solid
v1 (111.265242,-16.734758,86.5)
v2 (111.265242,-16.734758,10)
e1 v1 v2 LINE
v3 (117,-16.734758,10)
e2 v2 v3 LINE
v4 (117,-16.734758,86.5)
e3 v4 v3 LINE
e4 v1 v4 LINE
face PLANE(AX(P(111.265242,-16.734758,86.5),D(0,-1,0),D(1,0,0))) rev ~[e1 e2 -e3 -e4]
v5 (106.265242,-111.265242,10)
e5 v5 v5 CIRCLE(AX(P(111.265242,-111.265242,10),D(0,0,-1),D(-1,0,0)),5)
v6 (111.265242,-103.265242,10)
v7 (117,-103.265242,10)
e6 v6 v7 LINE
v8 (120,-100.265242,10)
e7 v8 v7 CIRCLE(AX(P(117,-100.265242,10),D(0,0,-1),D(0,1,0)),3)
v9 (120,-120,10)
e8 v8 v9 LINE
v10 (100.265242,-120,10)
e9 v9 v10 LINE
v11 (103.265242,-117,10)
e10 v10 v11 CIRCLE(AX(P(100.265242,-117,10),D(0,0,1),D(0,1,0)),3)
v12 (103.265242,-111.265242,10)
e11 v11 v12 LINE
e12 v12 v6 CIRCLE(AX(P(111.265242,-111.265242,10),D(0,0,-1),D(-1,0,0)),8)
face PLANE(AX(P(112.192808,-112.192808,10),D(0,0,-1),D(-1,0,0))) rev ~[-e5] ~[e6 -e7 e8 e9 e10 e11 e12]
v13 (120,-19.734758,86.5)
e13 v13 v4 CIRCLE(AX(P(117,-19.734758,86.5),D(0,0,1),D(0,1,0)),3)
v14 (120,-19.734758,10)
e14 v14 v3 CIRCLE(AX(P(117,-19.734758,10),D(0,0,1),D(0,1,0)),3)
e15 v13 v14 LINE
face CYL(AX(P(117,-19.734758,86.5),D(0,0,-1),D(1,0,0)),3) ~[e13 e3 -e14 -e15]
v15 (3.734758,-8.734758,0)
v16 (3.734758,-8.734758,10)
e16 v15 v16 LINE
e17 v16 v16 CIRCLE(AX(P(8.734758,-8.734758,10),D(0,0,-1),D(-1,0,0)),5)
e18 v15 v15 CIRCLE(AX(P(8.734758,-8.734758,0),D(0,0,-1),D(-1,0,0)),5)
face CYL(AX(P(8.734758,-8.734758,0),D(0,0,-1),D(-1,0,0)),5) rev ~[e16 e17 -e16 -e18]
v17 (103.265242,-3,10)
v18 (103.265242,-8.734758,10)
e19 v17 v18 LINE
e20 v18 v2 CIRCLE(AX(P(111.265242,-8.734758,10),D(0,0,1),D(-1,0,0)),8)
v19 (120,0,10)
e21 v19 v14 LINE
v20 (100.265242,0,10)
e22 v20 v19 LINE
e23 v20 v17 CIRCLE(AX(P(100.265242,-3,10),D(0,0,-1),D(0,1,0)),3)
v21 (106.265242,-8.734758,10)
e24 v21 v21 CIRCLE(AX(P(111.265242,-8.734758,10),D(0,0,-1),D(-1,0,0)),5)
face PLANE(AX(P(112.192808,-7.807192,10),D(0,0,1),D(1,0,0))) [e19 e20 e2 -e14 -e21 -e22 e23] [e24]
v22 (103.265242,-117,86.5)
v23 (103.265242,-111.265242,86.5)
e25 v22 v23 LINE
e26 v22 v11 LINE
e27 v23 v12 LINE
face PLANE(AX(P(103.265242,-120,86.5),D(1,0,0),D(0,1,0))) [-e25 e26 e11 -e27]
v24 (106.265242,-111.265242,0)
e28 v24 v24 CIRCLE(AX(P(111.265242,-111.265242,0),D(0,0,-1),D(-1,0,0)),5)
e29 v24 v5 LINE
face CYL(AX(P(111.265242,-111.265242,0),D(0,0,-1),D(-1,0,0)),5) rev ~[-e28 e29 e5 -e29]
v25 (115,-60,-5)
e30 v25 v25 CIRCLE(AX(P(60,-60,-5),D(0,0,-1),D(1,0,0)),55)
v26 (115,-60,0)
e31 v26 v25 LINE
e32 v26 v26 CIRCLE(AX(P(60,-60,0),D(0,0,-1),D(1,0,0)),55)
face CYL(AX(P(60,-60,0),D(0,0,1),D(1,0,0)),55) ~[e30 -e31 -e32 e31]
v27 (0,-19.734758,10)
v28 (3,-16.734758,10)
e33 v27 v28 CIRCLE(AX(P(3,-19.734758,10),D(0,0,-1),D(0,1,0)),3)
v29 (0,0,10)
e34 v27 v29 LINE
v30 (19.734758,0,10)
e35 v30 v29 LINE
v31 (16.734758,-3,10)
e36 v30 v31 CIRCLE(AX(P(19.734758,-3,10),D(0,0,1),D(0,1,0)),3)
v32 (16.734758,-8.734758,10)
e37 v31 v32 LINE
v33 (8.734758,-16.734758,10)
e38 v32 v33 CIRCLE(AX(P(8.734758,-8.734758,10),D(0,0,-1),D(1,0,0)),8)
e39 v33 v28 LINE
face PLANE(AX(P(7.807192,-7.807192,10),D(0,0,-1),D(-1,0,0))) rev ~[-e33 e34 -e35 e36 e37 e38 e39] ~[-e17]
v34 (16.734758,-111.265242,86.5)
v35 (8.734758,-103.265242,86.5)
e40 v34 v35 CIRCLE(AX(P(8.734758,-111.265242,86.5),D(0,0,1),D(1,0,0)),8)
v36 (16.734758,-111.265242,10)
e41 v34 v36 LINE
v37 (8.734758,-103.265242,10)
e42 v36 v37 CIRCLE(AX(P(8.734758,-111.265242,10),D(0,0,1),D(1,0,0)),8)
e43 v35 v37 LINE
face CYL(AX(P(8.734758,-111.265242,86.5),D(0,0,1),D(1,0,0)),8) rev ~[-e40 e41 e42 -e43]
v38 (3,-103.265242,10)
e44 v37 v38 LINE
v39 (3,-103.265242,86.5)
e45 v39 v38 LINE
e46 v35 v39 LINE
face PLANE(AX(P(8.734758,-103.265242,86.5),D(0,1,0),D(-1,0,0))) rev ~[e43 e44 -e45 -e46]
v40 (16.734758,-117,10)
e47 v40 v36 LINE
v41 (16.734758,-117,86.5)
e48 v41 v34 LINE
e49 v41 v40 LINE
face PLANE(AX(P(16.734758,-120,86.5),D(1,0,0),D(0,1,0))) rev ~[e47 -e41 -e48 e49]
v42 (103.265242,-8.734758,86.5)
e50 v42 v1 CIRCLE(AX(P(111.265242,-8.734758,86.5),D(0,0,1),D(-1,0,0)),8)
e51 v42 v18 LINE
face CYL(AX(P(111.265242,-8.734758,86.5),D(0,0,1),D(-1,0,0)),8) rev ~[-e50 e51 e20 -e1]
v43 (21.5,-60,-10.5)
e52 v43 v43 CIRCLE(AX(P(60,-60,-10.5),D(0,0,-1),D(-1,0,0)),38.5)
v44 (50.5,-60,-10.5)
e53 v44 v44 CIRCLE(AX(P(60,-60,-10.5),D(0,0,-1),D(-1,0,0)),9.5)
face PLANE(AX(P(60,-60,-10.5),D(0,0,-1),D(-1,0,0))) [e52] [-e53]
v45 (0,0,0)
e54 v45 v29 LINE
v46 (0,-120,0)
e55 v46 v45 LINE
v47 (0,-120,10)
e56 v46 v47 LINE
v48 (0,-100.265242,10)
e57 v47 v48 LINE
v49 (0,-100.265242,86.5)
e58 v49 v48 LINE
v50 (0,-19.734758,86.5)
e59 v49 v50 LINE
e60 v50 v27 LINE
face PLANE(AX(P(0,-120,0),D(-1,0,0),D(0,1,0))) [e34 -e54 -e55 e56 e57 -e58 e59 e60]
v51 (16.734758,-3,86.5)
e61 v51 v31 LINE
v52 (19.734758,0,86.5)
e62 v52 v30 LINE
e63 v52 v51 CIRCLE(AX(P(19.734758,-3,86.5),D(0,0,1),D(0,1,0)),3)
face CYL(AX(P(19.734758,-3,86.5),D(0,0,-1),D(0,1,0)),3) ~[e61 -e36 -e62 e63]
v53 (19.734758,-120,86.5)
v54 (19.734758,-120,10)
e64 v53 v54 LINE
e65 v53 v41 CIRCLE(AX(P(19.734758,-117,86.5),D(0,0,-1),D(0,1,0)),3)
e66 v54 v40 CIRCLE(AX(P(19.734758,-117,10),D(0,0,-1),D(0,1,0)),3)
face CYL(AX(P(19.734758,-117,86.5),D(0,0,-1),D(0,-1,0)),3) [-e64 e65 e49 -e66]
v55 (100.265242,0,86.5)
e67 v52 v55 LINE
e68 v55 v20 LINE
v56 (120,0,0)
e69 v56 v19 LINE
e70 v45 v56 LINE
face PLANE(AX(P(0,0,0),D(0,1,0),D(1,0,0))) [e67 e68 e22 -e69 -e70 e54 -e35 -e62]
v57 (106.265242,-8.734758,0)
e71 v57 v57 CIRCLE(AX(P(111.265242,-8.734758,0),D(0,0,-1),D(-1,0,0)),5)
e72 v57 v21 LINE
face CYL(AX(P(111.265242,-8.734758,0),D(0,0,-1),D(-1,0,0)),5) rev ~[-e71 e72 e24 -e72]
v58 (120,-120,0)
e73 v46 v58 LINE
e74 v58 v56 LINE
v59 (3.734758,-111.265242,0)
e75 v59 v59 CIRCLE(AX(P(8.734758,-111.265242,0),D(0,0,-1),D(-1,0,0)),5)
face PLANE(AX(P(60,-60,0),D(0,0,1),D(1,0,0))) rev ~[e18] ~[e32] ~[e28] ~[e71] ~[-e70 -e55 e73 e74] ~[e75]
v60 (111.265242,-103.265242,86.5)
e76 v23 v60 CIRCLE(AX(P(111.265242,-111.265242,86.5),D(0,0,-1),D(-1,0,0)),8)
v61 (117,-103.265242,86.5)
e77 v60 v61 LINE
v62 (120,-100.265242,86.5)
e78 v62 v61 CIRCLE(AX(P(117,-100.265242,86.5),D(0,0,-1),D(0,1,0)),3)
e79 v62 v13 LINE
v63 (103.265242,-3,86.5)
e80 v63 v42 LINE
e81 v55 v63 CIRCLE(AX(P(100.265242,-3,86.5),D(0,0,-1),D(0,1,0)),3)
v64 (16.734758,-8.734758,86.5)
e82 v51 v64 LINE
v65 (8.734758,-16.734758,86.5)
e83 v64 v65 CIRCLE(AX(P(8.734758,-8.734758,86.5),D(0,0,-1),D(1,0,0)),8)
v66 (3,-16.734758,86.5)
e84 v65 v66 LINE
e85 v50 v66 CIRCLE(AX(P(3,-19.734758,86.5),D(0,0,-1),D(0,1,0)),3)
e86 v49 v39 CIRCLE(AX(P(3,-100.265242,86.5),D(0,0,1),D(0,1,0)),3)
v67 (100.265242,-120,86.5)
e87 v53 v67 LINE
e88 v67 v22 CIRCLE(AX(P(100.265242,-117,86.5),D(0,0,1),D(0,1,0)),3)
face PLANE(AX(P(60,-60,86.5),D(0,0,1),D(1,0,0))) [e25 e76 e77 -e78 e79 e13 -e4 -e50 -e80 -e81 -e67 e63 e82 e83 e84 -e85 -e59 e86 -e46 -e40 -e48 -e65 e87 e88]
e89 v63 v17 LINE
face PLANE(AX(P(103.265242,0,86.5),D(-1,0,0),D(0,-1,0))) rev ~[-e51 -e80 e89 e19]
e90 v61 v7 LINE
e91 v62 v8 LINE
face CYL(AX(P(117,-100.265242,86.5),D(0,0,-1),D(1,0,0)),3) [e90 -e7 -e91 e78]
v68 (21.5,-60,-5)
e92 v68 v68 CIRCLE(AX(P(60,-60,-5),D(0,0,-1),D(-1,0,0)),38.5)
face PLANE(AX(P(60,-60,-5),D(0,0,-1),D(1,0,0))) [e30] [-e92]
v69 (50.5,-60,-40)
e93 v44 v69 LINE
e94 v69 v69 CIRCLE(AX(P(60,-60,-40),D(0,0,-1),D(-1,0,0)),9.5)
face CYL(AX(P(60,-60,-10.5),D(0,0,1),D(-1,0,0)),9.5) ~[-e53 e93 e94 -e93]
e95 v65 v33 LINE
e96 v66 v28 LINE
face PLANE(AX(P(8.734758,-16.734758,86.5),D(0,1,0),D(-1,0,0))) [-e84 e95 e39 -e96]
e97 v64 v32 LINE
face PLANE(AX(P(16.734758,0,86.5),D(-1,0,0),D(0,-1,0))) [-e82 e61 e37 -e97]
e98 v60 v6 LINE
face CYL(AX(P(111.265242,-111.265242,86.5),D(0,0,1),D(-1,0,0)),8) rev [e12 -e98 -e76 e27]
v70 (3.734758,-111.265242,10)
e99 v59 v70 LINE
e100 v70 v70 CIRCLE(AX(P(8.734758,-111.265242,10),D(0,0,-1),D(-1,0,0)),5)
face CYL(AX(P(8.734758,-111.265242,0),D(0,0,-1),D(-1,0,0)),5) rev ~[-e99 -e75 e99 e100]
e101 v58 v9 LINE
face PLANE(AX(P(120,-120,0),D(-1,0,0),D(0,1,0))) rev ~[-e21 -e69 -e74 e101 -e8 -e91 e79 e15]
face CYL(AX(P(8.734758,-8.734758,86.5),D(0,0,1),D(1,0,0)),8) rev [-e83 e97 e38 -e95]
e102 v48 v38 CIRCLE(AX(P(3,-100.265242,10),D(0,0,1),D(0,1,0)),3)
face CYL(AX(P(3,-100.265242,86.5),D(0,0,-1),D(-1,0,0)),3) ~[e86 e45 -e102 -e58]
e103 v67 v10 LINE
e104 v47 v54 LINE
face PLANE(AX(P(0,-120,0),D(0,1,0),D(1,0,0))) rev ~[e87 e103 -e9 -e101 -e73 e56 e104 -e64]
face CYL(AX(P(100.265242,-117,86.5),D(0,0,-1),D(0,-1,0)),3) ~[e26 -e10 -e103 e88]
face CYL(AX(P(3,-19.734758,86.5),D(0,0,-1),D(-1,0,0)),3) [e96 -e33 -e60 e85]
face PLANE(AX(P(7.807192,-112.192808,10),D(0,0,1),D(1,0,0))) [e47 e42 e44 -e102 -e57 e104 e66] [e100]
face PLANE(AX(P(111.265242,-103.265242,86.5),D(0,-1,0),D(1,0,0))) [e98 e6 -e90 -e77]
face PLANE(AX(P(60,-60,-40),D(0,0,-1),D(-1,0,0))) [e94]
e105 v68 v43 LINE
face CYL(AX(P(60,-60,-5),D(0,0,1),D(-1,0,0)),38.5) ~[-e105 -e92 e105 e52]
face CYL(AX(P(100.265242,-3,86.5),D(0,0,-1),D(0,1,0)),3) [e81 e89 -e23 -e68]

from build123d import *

# Parameters (mm, degrees)
SKETCH_1_W          = 120
SKETCH_1_H          = 120
EXTRUDE_1_DEPTH     = 86.5
SKETCH_2_R          = 55
EXTRUDE_2_DEPTH     = 5
SKETCH_3_R          = 38.5
EXTRUDE_3_DEPTH     = 5.5
SKETCH_4_R          = 9.5
EXTRUDE_4_DEPTH     = 29.5
SKETCH_5_R          = 5
CUT_EXTRUDE_1_DEPTH = 191.479001467
CUT_EXTRUDE_2_DEPTH = 76.5
FILLET_1_R          = 3


with BuildPart() as part:
    # 草图1 → 拉伸1 (new body)
    with BuildSketch(Plane.XY):
        with Locations((60, -60)):
            Rectangle(SKETCH_1_W, SKETCH_1_H)
    extrude(amount=EXTRUDE_1_DEPTH)

    # 草图2 → 拉伸2 (add)
    with BuildSketch(Plane(origin=(0, 0, 0), x_dir=(-1, 0, 0), z_dir=(0, 0, -1))):
        with Locations(Location((-60, -60, 0), (0, 0, 180))):
            Circle(SKETCH_2_R)
    extrude(amount=EXTRUDE_2_DEPTH)

    # 草图3 → 拉伸3 (add)
    with BuildSketch(Plane(origin=(0, 0, -5), x_dir=(-1, 0, 0), z_dir=(0, 0, -1))):
        with Locations((-60, -60)):
            Circle(SKETCH_3_R)
    extrude(amount=EXTRUDE_3_DEPTH)

    # 草图4 → 拉伸4 (add)
    with BuildSketch(Plane(origin=(0, 0, -10.5), x_dir=(-1, 0, 0), z_dir=(0, 0, -1))):
        with Locations((-60, -60)):
            Circle(SKETCH_4_R)
    extrude(amount=EXTRUDE_4_DEPTH)

    # 草图5 → 切除-拉伸1 (cut, through all)
    with BuildSketch(Plane(origin=(0, 0, 0), x_dir=(-1, 0, 0), z_dir=(0, 0, -1))):
        with Locations((-8.734758364, -111.265241636)):
            Circle(SKETCH_5_R)
        with Locations((-8.734758364, -8.734758364)):
            Circle(SKETCH_5_R)
        with Locations((-111.265241636, -111.265241636)):
            Circle(SKETCH_5_R)
        with Locations((-111.265241636, -8.734758364)):
            Circle(SKETCH_5_R)
    extrude(amount=-CUT_EXTRUDE_1_DEPTH, mode=Mode.SUBTRACT)

    # 草图6 → 切除-拉伸2 (cut)
    with BuildSketch(Plane.XY.offset(86.5)):
        with BuildLine():
            Line((8.734758364, -16.734758364), (0, -16.734758364))
            Line((0, -16.734758364), (0, 0))
            Line((0, 0), (16.734758364, 0))
            Line((16.734758364, 0), (16.734758364, -8.734758364))
            ThreePointArc((16.734758364, -8.734758364), (14.391612613, -14.391612613), (8.734758364, -16.734758364))
        make_face()
        with BuildLine():
            Line((111.265241636, -103.265241636), (120, -103.265241636))
            Line((120, -103.265241636), (120, -120))
            Line((120, -120), (103.265241636, -120))
            Line((103.265241636, -120), (103.265241636, -111.265241636))
            ThreePointArc((103.265241636, -111.265241636), (105.608387387, -105.608387387), (111.265241636, -103.265241636))
        make_face()
        with BuildLine():
            Line((120, 0), (103.265241636, 0))
            Line((103.265241636, 0), (103.265241636, -8.734758364))
            ThreePointArc((103.265241636, -8.734758364), (105.608387387, -14.391612613), (111.265241636, -16.734758364))
            Line((111.265241636, -16.734758364), (120, -16.734758364))
            Line((120, -16.734758364), (120, 0))
        make_face()
        with BuildLine():
            Line((0, -120), (16.734758364, -120))
            Line((16.734758364, -120), (16.734758364, -111.265241636))
            ThreePointArc((16.734758364, -111.265241636), (14.391612613, -105.608387387), (8.734758364, -103.265241636))
            Line((8.734758364, -103.265241636), (0, -103.265241636))
            Line((0, -103.265241636), (0, -120))
        make_face()
    extrude(amount=-CUT_EXTRUDE_2_DEPTH, mode=Mode.SUBTRACT)

    # 圆角1
    fillet_1_edges = [part.edges().sort_by_distance(p)[0] for p in [
        (103.265241636, 0, 48.25),
        (120, -16.734758364, 48.25),
        (16.734758364, 0, 48.25),
        (0, -16.734758364, 48.25),
        (120, -103.265241636, 48.25),
        (103.265241636, -120, 48.25),
        (16.734758364, -120, 48.25),
        (0, -103.265241636, 48.25),
    ]]
    fillet(fillet_1_edges, radius=FILLET_1_R)


solid = part.part
